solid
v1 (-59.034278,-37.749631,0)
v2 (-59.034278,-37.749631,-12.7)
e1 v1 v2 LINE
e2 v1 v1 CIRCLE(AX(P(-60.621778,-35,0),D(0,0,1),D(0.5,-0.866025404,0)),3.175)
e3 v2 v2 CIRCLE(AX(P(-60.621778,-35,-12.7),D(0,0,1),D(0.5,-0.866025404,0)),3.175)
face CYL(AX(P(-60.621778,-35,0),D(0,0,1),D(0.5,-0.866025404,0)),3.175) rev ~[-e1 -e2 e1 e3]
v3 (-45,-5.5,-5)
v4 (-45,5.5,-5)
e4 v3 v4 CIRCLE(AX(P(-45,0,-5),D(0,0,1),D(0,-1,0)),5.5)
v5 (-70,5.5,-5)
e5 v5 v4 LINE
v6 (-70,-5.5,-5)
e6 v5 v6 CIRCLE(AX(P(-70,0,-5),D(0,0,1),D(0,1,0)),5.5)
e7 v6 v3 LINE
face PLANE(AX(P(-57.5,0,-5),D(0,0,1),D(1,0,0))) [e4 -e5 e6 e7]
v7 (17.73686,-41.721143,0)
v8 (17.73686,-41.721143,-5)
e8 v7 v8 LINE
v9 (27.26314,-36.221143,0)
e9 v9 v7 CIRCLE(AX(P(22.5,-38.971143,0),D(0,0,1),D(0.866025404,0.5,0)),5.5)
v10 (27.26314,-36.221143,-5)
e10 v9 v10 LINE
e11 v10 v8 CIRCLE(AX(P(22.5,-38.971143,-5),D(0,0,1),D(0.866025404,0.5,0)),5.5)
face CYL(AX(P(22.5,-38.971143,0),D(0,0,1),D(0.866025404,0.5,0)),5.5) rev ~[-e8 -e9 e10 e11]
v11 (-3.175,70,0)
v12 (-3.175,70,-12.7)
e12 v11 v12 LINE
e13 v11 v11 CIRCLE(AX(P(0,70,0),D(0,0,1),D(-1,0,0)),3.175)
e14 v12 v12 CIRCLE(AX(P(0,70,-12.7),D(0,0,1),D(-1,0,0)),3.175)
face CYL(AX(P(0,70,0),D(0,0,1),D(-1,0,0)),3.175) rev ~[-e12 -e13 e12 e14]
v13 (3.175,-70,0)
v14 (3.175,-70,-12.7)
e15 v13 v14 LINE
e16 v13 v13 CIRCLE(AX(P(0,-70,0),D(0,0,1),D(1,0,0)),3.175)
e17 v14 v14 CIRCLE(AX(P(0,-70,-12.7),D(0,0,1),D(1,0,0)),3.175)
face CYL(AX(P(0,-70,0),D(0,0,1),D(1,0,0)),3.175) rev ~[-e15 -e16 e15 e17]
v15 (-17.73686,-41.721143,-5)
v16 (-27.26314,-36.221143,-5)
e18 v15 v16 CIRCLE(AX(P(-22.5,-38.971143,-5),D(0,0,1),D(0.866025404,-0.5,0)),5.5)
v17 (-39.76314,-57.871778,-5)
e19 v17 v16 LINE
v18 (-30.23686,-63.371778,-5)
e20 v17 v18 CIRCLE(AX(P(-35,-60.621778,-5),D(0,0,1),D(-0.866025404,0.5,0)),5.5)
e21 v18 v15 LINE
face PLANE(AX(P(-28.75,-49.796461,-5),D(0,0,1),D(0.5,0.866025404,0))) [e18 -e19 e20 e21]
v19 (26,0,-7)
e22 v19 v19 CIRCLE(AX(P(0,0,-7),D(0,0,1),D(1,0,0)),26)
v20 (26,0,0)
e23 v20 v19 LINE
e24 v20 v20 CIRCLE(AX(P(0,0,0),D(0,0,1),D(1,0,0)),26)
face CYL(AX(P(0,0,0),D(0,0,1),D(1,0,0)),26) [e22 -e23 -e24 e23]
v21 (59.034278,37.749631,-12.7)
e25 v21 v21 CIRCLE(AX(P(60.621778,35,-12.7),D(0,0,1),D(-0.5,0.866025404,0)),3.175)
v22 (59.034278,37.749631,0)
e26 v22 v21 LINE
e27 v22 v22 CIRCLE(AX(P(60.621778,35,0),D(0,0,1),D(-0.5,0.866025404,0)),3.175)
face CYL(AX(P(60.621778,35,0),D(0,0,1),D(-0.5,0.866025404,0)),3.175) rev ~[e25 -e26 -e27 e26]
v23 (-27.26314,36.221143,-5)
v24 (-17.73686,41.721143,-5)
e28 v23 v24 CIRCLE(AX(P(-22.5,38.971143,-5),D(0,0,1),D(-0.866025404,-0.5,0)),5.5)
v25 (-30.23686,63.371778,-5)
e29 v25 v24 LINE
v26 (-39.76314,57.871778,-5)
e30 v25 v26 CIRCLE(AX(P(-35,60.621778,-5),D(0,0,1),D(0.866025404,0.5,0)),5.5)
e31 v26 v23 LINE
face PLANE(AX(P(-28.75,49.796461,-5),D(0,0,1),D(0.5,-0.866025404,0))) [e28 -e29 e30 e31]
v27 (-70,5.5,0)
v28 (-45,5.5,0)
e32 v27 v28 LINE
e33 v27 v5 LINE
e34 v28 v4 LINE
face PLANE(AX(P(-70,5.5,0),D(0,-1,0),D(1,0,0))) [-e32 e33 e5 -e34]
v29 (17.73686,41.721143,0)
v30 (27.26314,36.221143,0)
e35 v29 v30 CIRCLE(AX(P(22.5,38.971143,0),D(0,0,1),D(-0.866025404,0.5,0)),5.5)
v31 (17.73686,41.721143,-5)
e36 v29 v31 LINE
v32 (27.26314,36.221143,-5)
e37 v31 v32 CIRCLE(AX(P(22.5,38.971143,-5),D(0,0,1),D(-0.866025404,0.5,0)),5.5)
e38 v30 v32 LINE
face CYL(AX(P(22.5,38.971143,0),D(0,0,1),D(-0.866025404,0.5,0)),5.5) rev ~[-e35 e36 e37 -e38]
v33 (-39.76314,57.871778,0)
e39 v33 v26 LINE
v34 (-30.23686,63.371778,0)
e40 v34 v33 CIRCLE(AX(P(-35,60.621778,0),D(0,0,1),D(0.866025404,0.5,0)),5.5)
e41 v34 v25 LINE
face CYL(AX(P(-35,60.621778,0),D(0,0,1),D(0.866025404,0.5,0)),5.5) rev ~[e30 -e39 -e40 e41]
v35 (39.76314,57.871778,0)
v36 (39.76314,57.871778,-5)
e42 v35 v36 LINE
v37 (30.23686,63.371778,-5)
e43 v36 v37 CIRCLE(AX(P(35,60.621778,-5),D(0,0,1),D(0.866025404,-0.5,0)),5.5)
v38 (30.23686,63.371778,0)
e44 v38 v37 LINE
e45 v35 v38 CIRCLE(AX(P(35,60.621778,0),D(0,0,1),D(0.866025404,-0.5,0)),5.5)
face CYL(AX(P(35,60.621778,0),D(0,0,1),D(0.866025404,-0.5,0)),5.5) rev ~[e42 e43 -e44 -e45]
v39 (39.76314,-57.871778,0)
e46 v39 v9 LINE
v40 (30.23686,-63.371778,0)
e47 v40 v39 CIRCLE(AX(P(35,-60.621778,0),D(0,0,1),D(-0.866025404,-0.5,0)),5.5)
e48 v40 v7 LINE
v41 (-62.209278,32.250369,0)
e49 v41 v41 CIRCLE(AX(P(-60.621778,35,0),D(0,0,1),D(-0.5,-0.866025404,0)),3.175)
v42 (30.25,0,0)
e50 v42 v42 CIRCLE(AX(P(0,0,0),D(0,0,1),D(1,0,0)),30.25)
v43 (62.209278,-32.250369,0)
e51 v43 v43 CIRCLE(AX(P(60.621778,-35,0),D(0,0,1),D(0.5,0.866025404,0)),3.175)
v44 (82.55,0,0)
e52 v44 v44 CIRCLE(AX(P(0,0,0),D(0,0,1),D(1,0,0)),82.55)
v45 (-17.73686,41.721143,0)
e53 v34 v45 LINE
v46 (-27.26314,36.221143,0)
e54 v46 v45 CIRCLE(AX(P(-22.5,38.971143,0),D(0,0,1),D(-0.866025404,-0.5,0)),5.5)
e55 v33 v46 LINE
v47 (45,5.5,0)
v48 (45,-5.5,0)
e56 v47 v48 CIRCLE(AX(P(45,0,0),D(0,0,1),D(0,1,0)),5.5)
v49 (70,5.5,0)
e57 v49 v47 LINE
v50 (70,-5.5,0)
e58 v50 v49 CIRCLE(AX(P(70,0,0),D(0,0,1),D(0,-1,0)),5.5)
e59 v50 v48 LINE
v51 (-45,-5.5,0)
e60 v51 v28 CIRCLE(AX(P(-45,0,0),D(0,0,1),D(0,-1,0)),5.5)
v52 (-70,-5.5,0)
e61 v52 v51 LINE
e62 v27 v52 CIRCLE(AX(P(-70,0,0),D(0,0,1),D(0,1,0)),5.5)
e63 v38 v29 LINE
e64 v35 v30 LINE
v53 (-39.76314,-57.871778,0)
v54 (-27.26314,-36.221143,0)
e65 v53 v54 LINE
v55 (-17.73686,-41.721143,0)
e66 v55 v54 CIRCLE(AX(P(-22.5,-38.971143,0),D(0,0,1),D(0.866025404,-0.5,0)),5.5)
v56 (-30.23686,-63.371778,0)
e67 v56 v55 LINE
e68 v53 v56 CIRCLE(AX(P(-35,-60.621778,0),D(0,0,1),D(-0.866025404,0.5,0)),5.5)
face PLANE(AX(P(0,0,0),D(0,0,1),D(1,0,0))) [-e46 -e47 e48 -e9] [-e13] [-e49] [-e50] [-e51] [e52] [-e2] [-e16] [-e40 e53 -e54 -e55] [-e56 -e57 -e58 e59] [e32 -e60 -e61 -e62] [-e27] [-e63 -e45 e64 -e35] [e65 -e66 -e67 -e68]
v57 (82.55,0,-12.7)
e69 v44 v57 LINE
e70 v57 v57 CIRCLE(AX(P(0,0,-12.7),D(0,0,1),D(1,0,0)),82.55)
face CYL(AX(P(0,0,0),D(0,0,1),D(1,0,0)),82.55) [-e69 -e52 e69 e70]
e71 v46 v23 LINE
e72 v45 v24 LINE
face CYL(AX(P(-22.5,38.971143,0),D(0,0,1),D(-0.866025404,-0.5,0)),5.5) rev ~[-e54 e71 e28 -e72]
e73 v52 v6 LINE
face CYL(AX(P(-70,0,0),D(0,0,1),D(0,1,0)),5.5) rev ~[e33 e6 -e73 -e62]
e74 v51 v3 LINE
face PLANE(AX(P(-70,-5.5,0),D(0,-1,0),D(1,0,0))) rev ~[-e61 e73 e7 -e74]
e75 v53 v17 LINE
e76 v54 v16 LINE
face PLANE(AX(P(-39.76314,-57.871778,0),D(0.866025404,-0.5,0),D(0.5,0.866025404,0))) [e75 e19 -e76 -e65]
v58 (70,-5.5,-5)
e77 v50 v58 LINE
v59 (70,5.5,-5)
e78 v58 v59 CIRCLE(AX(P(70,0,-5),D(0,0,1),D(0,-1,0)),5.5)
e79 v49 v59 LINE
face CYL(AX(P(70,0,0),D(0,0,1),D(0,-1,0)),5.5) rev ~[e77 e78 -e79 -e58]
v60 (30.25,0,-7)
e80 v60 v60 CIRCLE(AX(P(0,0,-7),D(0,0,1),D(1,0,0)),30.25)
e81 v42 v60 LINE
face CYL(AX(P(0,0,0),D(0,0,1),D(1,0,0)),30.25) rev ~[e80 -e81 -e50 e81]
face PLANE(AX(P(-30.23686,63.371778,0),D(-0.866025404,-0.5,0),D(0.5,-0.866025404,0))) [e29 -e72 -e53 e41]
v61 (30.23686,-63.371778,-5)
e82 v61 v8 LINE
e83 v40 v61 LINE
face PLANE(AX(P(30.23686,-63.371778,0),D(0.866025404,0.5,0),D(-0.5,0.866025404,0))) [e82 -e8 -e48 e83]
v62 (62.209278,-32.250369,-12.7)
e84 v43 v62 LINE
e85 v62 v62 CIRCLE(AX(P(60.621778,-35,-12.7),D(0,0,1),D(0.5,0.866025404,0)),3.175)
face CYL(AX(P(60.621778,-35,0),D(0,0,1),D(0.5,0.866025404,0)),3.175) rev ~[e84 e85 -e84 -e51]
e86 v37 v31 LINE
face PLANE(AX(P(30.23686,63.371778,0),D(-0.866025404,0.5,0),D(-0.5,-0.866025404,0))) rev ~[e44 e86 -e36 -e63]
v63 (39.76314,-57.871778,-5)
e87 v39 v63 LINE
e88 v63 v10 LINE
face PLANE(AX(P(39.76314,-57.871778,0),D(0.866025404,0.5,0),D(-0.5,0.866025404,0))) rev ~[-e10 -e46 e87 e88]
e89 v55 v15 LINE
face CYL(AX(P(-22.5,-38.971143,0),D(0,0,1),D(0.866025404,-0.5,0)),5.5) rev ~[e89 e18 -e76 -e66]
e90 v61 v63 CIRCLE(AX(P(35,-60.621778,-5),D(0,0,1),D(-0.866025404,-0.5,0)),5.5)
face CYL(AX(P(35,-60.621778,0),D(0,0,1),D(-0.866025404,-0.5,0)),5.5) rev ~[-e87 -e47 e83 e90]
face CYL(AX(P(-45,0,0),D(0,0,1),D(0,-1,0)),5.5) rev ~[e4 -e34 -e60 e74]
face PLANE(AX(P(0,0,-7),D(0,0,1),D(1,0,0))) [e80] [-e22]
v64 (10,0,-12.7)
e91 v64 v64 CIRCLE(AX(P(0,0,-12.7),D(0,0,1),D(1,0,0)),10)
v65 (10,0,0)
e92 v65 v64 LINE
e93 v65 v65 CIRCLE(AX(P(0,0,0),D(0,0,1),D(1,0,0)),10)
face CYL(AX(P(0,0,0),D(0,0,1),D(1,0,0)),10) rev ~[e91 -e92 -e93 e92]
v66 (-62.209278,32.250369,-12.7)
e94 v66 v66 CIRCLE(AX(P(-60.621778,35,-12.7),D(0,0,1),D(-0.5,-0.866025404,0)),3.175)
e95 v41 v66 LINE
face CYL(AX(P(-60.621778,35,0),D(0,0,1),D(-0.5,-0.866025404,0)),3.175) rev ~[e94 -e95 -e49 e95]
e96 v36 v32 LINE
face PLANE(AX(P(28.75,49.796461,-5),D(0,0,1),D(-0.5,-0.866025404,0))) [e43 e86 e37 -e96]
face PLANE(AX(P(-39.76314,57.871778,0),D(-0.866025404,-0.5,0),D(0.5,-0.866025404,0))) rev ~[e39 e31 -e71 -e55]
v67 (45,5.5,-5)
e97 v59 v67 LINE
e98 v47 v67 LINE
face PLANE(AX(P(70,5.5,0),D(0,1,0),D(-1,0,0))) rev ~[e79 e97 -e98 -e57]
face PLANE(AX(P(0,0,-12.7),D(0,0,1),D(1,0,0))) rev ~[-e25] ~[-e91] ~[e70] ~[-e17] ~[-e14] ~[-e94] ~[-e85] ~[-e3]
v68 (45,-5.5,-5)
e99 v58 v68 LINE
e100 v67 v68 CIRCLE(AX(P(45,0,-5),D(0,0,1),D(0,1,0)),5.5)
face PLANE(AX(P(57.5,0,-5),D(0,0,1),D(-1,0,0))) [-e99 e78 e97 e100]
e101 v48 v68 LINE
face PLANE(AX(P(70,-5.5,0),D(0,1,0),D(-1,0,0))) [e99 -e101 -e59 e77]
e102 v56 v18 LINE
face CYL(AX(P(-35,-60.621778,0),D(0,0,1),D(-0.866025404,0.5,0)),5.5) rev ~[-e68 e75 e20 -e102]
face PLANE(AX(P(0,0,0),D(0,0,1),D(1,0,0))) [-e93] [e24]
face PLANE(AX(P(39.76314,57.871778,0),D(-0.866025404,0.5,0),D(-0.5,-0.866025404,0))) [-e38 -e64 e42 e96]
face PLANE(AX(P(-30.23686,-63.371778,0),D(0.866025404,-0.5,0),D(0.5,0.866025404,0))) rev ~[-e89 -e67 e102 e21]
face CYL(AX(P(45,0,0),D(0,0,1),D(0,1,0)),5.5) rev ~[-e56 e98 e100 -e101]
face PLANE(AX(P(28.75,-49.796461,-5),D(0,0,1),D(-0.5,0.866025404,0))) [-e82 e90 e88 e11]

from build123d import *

# Parameters (mm, degrees)
SKETCH_R              = 82.55
PAD_DEPTH             = 12.7
SKETCH001_R           = 10
POCKET_DEPTH          = 12.701
SKETCH002_R           = 30.25
SKETCH002_R_2         = 26
POCKET001_DEPTH       = 7
SKETCH003_R           = 3.175
POCKET002_DEPTH       = 480.364597
POLARPATTERN_COUNT    = 6
POCKET003_DEPTH       = 5
POLARPATTERN001_COUNT = 6


with BuildPart() as part:
    # Sketch → Pad (new body)
    with BuildSketch(Plane.XY):
        Circle(SKETCH_R)
    extrude(amount=-PAD_DEPTH)

    # Sketch001 (on Face2 of Pad) → Pocket (cut, through all)
    with BuildSketch(Plane.XY):
        Circle(SKETCH001_R)
    extrude(amount=-POCKET_DEPTH, mode=Mode.SUBTRACT)

    # Sketch002 (on Face2 of Pocket) → Pocket001 (cut)
    with BuildSketch(Plane.XY):
        Circle(SKETCH002_R)
        Circle(SKETCH002_R_2, mode=Mode.SUBTRACT)
    extrude(amount=-POCKET001_DEPTH, mode=Mode.SUBTRACT)

    # Sketch003 (on Face2 of Pocket001) → Pocket002 (cut, through all)
    with BuildSketch(Plane.XY):
        with Locations((0, -70)):
            Circle(SKETCH003_R)
    pocket002 = extrude(amount=-POCKET002_DEPTH, mode=Mode.SUBTRACT)

    # PolarPattern: Pocket002 ×6 about axis
    polarpattern_axis = Axis((0, 0, 0), (0, 0, 1))
    for i in range(1, POLARPATTERN_COUNT):
        add(pocket002.rotate(polarpattern_axis, i * 360 / POLARPATTERN_COUNT), mode=Mode.SUBTRACT)

    # Sketch004 (on Face2 of PolarPattern) → Pocket003 (cut)
    with BuildSketch(Plane.XY):
        with BuildLine():
            ThreePointArc((-70, 5.5), (-75.5, 0), (-70, -5.5))
            Line((-70, -5.5), (-45, -5.5))
            ThreePointArc((-45, -5.5), (-39.5, 0), (-45, 5.5))
            Line((-70, 5.5), (-45, 5.5))
        make_face()
    pocket003 = extrude(amount=-POCKET003_DEPTH, mode=Mode.SUBTRACT)

    # PolarPattern001: Pocket003 ×6 about axis
    polarpattern001_axis = Axis((0, 0, 0), (0, 0, 1))
    for i in range(1, POLARPATTERN001_COUNT):
        add(pocket003.rotate(polarpattern001_axis, i * 360 / POLARPATTERN001_COUNT), mode=Mode.SUBTRACT)


solid = part.part
